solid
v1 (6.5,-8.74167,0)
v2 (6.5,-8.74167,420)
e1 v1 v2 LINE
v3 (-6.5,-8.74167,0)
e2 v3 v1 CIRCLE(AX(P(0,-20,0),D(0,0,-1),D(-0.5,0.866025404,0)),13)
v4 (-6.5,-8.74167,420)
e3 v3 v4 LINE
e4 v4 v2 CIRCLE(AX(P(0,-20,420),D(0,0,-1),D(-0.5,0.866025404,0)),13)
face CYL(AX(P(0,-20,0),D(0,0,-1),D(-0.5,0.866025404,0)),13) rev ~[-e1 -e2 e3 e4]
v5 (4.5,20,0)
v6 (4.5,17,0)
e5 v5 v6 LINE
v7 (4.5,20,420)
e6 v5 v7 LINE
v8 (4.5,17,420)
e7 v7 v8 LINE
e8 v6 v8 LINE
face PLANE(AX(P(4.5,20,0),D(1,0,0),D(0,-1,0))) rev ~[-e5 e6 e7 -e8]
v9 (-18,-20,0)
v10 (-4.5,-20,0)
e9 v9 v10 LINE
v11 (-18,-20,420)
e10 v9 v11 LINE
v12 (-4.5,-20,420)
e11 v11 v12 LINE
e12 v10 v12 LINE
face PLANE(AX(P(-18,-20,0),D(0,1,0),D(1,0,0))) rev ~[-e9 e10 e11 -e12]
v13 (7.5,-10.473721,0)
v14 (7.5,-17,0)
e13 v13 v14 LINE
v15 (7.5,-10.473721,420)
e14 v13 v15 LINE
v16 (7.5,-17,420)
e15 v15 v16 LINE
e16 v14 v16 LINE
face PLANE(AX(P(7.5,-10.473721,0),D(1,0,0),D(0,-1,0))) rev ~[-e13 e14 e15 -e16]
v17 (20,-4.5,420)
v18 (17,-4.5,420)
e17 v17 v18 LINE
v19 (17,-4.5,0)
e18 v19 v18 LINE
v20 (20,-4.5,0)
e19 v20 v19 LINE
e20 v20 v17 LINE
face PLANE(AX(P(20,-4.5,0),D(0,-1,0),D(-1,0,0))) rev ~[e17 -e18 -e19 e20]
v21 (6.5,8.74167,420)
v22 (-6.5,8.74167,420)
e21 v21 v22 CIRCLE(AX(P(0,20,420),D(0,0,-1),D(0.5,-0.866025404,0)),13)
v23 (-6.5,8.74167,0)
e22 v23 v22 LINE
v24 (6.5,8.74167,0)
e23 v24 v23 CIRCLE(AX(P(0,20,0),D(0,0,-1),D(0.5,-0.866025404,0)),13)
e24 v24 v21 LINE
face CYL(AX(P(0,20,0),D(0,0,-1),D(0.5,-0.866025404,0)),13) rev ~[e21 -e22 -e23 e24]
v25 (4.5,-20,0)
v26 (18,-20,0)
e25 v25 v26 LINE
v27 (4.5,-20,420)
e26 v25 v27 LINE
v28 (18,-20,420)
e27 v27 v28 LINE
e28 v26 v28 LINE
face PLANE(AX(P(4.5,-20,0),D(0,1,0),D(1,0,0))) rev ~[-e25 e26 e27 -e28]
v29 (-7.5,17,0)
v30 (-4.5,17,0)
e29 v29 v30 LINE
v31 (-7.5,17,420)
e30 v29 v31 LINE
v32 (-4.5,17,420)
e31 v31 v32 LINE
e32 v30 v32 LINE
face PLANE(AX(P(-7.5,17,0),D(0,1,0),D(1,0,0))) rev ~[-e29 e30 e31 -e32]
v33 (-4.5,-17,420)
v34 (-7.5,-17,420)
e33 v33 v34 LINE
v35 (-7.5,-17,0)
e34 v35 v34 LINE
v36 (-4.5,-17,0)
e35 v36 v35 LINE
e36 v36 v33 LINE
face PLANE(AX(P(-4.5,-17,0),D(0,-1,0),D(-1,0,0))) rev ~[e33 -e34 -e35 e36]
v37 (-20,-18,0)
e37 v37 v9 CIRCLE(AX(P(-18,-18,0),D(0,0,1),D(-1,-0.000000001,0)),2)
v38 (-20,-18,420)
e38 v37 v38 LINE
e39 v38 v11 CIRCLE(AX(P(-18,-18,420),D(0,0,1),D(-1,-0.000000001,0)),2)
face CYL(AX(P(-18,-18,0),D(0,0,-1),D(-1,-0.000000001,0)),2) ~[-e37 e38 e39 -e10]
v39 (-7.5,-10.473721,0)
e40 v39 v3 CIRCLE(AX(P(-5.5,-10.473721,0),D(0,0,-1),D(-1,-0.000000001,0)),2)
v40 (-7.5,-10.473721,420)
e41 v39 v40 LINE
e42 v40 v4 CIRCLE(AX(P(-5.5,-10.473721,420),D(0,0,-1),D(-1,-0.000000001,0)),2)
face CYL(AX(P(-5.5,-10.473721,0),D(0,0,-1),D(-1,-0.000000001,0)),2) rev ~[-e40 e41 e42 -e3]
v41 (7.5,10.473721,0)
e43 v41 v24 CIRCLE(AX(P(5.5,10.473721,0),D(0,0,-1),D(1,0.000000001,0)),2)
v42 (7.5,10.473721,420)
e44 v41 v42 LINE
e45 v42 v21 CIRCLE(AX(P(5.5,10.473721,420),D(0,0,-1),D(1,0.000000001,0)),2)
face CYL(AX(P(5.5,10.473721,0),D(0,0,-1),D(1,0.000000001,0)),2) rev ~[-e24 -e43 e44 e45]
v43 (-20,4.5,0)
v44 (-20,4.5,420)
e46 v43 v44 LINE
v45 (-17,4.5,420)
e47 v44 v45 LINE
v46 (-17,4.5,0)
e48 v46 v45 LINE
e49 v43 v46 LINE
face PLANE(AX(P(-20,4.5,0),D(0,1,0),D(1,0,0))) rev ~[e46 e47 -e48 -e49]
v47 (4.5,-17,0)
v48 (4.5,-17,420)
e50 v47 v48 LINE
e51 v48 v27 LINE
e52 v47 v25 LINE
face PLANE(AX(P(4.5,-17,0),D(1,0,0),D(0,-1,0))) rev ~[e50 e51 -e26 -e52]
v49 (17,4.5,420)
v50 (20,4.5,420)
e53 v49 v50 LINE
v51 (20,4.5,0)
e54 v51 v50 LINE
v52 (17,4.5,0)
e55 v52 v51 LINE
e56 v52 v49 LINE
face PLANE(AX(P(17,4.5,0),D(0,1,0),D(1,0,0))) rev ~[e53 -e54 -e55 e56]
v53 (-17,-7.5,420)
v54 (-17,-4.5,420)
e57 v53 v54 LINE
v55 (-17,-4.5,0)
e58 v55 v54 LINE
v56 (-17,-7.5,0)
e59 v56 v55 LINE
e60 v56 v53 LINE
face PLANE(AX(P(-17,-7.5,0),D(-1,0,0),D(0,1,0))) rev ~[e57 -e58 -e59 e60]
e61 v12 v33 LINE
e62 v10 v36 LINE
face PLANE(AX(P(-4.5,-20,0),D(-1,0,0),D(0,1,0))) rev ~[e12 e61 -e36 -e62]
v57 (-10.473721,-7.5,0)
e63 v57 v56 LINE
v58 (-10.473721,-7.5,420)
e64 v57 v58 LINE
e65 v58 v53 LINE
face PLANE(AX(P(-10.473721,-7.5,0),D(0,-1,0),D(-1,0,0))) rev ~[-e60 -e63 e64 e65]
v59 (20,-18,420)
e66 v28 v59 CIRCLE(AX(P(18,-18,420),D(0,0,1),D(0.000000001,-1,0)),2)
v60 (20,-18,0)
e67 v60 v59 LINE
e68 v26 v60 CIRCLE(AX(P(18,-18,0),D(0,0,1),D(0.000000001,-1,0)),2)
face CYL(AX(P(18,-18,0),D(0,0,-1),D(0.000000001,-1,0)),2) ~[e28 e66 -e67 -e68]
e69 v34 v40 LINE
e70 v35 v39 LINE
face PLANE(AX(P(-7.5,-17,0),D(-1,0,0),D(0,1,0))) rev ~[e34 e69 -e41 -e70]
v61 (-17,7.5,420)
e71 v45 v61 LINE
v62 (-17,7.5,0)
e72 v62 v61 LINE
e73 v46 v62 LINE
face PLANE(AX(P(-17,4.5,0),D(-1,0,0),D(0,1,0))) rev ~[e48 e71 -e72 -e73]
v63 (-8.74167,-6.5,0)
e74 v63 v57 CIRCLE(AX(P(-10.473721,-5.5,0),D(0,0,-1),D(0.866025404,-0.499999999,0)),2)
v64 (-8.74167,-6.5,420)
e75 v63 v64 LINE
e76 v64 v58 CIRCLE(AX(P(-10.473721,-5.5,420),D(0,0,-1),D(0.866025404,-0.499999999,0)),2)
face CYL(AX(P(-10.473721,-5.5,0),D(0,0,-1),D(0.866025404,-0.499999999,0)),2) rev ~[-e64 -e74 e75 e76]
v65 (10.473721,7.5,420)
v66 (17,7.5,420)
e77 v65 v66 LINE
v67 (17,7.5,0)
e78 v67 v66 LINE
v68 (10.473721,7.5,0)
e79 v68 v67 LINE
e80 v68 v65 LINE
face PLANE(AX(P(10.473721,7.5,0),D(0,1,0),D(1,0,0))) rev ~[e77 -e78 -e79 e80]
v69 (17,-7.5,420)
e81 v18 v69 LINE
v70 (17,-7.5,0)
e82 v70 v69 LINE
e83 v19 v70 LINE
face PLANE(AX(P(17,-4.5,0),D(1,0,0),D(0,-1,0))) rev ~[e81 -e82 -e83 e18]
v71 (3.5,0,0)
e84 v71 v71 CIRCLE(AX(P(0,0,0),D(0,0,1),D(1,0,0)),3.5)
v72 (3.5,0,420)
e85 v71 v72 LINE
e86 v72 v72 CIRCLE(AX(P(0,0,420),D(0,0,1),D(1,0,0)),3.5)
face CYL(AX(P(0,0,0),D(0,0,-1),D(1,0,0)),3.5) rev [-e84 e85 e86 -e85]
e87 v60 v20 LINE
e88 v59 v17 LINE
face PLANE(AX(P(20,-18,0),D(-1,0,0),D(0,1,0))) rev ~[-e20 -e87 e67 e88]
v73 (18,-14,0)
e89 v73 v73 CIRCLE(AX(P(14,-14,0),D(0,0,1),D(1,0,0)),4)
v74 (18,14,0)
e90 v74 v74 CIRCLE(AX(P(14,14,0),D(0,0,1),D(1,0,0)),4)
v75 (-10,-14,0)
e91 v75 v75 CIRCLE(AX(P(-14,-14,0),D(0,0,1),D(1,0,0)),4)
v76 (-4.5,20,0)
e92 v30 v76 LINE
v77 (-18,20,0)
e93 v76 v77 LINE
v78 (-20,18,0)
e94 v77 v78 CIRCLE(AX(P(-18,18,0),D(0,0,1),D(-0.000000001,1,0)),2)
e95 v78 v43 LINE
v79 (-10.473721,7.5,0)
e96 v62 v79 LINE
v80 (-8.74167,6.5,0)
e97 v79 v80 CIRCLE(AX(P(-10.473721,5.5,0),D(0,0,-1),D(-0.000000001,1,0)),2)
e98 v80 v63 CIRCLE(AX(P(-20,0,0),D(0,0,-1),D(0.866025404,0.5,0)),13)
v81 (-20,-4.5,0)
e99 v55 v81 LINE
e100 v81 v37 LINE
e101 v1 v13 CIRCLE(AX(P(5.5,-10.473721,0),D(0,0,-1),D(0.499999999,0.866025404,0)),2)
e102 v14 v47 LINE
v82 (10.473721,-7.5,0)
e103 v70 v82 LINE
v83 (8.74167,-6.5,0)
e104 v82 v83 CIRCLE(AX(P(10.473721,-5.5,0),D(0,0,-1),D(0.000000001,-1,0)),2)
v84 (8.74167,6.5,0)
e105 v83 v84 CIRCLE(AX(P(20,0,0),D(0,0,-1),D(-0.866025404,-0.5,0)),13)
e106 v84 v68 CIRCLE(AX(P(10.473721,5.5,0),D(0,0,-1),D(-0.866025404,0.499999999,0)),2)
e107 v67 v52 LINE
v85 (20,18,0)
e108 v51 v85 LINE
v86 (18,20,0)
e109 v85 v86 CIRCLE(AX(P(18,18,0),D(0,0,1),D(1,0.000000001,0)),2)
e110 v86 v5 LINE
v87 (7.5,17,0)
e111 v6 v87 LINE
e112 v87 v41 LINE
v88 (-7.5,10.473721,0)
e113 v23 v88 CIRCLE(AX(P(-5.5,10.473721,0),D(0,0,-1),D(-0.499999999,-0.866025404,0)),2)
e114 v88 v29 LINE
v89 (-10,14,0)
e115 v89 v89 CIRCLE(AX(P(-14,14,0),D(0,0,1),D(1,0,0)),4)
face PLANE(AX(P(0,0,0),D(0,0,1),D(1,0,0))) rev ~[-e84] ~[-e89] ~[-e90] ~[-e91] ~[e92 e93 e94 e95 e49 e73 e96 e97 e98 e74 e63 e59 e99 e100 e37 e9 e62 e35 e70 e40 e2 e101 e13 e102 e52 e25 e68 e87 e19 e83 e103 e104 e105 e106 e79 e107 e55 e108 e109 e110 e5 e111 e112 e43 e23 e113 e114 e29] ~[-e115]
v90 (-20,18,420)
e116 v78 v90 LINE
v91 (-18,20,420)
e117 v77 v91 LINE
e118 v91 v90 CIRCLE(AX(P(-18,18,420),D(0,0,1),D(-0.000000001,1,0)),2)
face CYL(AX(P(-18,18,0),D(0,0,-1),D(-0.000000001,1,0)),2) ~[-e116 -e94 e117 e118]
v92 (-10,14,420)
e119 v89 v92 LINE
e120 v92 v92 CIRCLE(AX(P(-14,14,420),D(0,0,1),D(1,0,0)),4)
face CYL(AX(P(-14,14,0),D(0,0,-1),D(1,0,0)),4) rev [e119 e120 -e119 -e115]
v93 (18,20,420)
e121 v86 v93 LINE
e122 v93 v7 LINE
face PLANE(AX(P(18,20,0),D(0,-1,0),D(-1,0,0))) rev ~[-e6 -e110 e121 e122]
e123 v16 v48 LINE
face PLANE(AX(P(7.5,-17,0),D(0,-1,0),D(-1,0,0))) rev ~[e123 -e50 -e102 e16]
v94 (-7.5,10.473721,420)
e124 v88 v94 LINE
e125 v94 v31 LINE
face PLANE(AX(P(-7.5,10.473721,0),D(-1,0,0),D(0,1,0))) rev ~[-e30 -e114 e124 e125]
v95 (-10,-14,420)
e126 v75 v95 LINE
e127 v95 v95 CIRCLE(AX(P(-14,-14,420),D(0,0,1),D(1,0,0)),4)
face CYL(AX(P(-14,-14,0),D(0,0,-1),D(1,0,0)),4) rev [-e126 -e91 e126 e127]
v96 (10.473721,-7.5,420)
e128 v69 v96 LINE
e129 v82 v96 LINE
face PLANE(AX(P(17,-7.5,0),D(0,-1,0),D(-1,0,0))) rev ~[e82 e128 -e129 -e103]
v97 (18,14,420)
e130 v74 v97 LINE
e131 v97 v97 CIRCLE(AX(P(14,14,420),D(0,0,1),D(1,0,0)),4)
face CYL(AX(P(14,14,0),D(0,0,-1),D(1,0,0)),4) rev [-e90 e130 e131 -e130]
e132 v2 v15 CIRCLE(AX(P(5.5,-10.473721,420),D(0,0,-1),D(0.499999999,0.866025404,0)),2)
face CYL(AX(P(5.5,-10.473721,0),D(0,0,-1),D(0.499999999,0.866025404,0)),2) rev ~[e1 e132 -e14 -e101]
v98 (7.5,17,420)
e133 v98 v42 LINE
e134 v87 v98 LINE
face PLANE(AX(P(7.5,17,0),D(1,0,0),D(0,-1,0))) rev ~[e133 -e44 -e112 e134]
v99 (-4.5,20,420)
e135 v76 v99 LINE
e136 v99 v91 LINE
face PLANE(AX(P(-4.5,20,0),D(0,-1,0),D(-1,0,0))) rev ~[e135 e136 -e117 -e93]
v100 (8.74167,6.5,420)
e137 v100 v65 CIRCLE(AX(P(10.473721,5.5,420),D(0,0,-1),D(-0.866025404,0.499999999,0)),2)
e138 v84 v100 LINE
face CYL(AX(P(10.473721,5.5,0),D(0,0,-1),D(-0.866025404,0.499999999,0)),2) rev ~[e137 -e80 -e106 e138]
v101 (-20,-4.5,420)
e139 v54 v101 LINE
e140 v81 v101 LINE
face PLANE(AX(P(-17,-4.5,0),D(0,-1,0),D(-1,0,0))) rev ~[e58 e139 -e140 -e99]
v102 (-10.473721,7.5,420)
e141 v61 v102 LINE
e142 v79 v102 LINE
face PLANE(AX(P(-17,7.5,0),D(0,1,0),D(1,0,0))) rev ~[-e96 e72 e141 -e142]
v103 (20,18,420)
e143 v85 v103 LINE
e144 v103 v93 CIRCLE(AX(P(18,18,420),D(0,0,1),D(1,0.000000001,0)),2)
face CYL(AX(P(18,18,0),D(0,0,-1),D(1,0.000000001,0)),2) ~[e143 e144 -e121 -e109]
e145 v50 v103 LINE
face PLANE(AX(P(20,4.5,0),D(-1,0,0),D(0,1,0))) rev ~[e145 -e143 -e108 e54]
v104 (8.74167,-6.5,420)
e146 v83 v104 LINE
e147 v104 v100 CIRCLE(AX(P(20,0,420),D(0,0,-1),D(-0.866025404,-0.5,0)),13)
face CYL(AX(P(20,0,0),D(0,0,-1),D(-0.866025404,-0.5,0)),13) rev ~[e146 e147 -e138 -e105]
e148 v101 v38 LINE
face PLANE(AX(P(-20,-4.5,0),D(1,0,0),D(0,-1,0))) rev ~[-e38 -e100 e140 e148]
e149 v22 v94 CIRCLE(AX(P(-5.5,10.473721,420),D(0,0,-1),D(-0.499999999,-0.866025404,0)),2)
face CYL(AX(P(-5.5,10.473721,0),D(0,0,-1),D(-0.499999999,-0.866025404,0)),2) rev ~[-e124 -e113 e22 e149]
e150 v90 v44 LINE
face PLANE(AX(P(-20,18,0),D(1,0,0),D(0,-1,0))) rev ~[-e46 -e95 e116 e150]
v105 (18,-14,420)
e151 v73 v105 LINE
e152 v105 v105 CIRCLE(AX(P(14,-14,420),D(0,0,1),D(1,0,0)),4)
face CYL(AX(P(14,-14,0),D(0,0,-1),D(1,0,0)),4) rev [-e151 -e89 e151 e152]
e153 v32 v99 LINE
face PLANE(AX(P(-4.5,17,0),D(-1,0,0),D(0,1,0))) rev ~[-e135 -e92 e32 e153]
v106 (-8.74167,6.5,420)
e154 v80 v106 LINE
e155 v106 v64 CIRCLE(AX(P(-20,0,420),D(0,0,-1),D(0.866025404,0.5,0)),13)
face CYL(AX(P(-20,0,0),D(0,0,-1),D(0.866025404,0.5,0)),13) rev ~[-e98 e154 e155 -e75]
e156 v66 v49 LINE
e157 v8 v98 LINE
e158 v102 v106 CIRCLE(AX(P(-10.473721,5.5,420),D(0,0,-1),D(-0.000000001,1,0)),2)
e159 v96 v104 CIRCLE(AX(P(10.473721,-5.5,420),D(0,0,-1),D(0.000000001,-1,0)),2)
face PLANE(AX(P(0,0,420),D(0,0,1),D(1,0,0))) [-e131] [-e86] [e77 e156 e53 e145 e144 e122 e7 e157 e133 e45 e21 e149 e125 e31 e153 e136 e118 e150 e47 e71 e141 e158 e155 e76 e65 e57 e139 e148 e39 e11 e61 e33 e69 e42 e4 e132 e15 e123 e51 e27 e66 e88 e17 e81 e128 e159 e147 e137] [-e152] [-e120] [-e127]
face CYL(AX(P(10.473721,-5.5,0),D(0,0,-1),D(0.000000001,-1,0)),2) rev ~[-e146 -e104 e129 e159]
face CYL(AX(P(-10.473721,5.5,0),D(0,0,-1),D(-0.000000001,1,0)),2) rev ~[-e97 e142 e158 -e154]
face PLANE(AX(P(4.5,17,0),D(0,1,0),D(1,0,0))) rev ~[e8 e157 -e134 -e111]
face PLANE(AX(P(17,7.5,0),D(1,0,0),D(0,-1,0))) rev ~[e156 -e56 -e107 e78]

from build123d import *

# Parameters (mm, degrees)
SKETCH1_R           = 4
SKETCH1_R_2         = 3.5
BOSS_EXTRUDE1_DEPTH = 420


with BuildPart() as part:
    # Sketch1 → Boss-Extrude1 (new body)
    with BuildSketch(Plane.XY):
        with BuildLine():
            Line((-20, 18), (-20, 4.5))
            Line((-20, 4.5), (-17, 4.5))
            Line((-17, 4.5), (-17, 7.5))
            Line((-17, 7.5), (-10.473720558, 7.5))
            ThreePointArc((-10.473720558, 7.5), (-9.473720558, 7.232050808), (-8.741669751, 6.5))
            ThreePointArc((-8.741669751, 6.5), (-7, 0), (-8.741669751, -6.5))
            ThreePointArc((-8.741669751, -6.5), (-9.473720558, -7.232050808), (-10.473720558, -7.5))
            Line((-10.473720558, -7.5), (-17, -7.5))
            Line((-17, -7.5), (-17, -4.5))
            Line((-17, -4.5), (-20, -4.5))
            Line((-20, -4.5), (-20, -18))
            ThreePointArc((-20, -18), (-19.414213562, -19.414213562), (-18, -20))
            Line((-18, -20), (-4.5, -20))
            Line((-4.5, -20), (-4.5, -17))
            Line((-4.5, -17), (-7.5, -17))
            Line((-7.5, -17), (-7.5, -10.473720558))
            ThreePointArc((-7.5, -10.473720558), (-7.232050808, -9.473720558), (-6.5, -8.741669751))
            ThreePointArc((-6.5, -8.741669751), (0, -7), (6.5, -8.741669751))
            ThreePointArc((6.5, -8.741669751), (7.232050808, -9.473720558), (7.5, -10.473720558))
            Line((7.5, -10.473720558), (7.5, -17))
            Line((7.5, -17), (4.5, -17))
            Line((4.5, -17), (4.5, -20))
            Line((4.5, -20), (18, -20))
            ThreePointArc((18, -20), (19.414213562, -19.414213562), (20, -18))
            Line((20, -18), (20, -4.5))
            Line((20, -4.5), (17, -4.5))
            Line((17, -4.5), (17, -7.5))
            Line((17, -7.5), (10.473720558, -7.5))
            ThreePointArc((10.473720558, -7.5), (9.473720558, -7.232050808), (8.741669751, -6.5))
            ThreePointArc((8.741669751, -6.5), (7, 0), (8.741669751, 6.5))
            ThreePointArc((8.741669751, 6.5), (9.473720558, 7.232050808), (10.473720558, 7.5))
            Line((10.473720558, 7.5), (17, 7.5))
            Line((17, 7.5), (17, 4.5))
            Line((17, 4.5), (20, 4.5))
            Line((20, 4.5), (20, 18))
            ThreePointArc((20, 18), (19.414213562, 19.414213562), (18, 20))
            Line((18, 20), (4.5, 20))
            Line((4.5, 20), (4.5, 17))
            Line((4.5, 17), (7.5, 17))
            Line((7.5, 17), (7.5, 10.473720558))
            ThreePointArc((7.5, 10.473720558), (7.232050808, 9.473720558), (6.5, 8.741669751))
            ThreePointArc((6.5, 8.741669751), (0, 7), (-6.5, 8.741669751))
            ThreePointArc((-6.5, 8.741669751), (-7.232050808, 9.473720558), (-7.5, 10.473720558))
            Line((-7.5, 10.473720558), (-7.5, 17))
            Line((-7.5, 17), (-4.5, 17))
            Line((-4.5, 17), (-4.5, 20))
            Line((-4.5, 20), (-18, 20))
            ThreePointArc((-18, 20), (-19.414213562, 19.414213562), (-20, 18))
        make_face()
        with Locations((-14, -14)):
            Circle(SKETCH1_R, mode=Mode.SUBTRACT)
        with Locations((14, -14)):
            Circle(SKETCH1_R, mode=Mode.SUBTRACT)
        with Locations((14, 14)):
            Circle(SKETCH1_R, mode=Mode.SUBTRACT)
        Circle(SKETCH1_R_2, mode=Mode.SUBTRACT)
        with Locations((-14, 14)):
            Circle(SKETCH1_R, mode=Mode.SUBTRACT)
    extrude(amount=BOSS_EXTRUDE1_DEPTH)


solid = part.part
